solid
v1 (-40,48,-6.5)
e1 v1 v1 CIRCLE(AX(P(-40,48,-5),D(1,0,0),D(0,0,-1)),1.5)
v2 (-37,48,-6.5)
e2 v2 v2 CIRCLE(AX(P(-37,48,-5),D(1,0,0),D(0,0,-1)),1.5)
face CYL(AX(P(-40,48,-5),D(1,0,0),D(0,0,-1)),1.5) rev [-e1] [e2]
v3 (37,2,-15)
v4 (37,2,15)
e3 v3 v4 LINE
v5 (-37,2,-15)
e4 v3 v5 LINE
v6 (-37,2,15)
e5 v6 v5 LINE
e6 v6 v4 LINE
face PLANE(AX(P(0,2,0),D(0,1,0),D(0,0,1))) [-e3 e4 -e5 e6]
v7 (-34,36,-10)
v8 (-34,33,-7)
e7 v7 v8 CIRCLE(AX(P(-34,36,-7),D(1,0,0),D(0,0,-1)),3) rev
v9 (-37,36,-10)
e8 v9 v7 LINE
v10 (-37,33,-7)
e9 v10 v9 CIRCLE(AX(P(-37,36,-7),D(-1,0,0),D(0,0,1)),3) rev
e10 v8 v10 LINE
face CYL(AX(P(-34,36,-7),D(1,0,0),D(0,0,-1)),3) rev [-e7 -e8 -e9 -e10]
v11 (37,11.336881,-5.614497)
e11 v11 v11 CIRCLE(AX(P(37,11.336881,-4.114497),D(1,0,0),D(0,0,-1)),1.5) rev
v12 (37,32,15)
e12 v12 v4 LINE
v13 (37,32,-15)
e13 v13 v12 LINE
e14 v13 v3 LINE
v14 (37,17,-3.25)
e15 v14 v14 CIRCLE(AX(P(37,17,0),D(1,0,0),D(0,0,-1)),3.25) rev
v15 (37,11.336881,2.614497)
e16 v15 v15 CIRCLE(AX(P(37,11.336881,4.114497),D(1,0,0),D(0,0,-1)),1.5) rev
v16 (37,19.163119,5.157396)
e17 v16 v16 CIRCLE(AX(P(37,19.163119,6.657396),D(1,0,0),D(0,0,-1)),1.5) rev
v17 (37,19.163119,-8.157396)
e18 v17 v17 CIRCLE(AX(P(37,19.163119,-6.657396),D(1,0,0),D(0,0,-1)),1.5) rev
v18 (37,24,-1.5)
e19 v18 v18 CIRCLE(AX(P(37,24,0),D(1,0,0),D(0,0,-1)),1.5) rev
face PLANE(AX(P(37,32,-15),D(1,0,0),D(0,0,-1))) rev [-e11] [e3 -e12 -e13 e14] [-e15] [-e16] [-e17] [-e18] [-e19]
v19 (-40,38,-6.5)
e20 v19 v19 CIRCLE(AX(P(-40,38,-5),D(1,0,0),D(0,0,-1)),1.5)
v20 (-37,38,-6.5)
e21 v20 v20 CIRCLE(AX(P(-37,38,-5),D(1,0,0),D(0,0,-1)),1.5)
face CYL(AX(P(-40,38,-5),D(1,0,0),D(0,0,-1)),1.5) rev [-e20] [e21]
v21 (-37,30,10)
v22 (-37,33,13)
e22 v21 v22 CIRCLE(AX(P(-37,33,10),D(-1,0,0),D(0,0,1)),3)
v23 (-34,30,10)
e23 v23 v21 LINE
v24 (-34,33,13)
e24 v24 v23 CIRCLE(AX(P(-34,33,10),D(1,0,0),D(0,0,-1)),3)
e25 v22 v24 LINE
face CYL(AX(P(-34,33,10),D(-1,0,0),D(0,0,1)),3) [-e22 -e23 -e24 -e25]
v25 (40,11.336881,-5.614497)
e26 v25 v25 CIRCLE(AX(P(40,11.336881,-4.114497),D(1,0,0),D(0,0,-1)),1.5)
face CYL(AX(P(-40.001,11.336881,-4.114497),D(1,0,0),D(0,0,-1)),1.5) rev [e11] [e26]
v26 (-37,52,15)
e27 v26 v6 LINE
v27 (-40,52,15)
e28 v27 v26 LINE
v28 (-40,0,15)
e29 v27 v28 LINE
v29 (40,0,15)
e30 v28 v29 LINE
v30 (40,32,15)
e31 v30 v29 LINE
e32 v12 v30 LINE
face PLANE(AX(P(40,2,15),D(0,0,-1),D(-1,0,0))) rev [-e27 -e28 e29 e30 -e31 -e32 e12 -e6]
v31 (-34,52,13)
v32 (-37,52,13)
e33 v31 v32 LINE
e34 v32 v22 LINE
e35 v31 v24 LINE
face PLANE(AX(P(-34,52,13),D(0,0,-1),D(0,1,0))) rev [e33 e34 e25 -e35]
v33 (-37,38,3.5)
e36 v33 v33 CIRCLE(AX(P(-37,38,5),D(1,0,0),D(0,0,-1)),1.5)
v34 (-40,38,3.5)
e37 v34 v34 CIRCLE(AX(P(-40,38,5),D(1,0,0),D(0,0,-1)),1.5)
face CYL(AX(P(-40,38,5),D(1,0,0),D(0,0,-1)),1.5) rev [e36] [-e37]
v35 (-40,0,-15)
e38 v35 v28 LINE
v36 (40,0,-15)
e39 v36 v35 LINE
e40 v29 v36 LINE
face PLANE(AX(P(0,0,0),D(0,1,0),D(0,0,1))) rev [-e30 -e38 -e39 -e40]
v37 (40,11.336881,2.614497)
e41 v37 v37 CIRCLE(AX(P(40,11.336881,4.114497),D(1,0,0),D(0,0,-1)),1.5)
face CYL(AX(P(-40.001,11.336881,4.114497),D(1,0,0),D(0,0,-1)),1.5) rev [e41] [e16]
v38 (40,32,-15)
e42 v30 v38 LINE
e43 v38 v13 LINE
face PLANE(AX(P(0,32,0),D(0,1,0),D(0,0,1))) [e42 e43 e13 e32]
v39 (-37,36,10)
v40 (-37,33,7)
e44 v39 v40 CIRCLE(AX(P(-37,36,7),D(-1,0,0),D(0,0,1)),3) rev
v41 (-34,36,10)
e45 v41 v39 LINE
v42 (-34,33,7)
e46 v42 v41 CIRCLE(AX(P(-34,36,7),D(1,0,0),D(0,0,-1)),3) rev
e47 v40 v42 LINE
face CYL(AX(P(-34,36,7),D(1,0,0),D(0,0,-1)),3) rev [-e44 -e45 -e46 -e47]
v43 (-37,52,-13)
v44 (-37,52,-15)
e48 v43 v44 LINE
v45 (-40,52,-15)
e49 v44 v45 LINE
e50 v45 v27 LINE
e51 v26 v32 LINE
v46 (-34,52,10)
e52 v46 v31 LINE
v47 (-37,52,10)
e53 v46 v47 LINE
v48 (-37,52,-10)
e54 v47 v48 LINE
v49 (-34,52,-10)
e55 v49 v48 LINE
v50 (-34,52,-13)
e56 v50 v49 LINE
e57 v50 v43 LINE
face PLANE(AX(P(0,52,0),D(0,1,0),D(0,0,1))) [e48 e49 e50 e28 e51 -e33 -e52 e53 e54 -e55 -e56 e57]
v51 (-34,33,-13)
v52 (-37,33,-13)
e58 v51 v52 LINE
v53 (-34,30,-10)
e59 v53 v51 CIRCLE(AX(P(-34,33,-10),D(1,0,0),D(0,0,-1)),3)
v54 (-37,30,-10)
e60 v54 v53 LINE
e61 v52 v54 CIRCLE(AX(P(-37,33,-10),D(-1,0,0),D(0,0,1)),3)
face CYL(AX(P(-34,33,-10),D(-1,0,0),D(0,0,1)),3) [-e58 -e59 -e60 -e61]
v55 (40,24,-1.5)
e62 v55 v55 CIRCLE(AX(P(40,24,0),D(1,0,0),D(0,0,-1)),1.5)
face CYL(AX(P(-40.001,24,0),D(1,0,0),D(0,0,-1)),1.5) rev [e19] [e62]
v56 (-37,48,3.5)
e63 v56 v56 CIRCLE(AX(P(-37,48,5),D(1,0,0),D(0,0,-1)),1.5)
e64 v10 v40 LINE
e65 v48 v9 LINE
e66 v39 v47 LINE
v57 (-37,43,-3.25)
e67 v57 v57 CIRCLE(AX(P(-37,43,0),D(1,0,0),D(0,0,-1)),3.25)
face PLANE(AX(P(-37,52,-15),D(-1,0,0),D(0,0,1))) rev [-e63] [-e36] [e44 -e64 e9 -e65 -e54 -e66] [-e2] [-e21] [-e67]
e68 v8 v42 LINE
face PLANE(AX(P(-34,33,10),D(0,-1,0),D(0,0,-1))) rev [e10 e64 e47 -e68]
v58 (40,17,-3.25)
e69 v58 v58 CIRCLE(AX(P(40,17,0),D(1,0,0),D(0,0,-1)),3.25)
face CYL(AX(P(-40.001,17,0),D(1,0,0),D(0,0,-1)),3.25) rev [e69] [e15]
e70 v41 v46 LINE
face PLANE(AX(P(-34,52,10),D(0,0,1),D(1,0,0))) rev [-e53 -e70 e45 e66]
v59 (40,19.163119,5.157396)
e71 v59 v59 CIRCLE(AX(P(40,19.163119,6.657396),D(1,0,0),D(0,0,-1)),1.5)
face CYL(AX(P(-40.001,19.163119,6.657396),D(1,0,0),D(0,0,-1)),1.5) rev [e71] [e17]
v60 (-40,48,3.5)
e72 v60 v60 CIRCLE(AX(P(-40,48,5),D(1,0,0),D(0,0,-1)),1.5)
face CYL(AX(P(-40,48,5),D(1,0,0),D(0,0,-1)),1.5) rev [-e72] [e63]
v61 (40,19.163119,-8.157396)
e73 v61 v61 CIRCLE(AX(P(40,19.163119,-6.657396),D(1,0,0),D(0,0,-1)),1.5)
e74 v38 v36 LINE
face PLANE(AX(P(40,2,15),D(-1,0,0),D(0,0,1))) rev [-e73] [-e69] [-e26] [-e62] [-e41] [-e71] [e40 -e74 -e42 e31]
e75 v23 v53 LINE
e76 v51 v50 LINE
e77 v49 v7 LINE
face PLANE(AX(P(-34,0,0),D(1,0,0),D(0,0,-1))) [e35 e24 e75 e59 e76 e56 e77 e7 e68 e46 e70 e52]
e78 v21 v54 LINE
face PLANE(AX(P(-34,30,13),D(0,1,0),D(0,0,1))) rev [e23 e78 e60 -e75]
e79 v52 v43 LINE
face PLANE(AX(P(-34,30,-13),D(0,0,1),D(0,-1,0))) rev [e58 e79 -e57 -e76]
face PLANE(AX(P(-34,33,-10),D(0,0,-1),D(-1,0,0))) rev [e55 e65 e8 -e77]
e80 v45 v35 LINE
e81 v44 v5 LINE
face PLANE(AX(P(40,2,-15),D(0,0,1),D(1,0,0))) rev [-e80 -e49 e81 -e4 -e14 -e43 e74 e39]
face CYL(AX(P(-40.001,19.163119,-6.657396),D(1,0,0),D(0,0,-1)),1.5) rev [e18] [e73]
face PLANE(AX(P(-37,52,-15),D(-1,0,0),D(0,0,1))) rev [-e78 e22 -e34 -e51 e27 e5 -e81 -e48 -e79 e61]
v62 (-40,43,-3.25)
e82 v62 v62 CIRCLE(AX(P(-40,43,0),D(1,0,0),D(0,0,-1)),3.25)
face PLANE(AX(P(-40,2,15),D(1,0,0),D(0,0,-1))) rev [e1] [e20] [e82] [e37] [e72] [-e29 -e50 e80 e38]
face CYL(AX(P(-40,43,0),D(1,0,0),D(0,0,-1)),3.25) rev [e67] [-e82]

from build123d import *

# Parameters (mm, degrees)
SKETCH1_W            = 80
SKETCH1_H            = 30
CHASSIS_DEPTH        = 2
SKETCH2_W            = 3
SKETCH2_H            = 30
TALLVALVEWALL_DEPTH  = 50
SKETCH3_W            = 3
SKETCH3_H            = 30
SHORTVALVEWALL_DEPTH = 30
SKETCH4_R            = 1.5
SKETCH4_R_2          = 3.25
TALLVALVECUT_DEPTH   = 4
SHORTVALVECUT_REACH  = 82
SKETCH6_R            = 3.25
SKETCH6_R_2          = 1.5
TALLVALVELIP_DEPTH   = 3
LIPROUNDING_R        = 3


with BuildPart() as part:
    # Sketch1 → Chassis (new body)
    with BuildSketch(Plane(origin=(0, 0, 0), x_dir=(1, 0, 0), z_dir=(0, 1, 0))):
        Rectangle(SKETCH1_W, SKETCH1_H)
    extrude(amount=CHASSIS_DEPTH)

    # Sketch2 → TallValveWall (add)
    with BuildSketch(Plane(origin=(0, 2, 0), x_dir=(1, 0, 0), z_dir=(0, 1, 0))):
        with Locations((-38.5, 0)):
            Rectangle(SKETCH2_W, SKETCH2_H)
    extrude(amount=TALLVALVEWALL_DEPTH)

    # Sketch3 → ShortValveWall (add)
    with BuildSketch(Plane(origin=(0, 2, 0), x_dir=(1, 0, 0), z_dir=(0, 1, 0))):
        with Locations((38.5, 0)):
            Rectangle(SKETCH3_W, SKETCH3_H)
    extrude(amount=SHORTVALVEWALL_DEPTH)

    # Sketch4 → TallValveCut (cut, through all)
    with BuildSketch(Plane(origin=(-37, 0, 0), x_dir=(0, 0, -1), z_dir=(1, 0, 0))):
        with Locations((-5, 48)):
            Circle(SKETCH4_R)
        with Locations((5, 48)):
            Circle(SKETCH4_R)
        with Locations((5, 38)):
            Circle(SKETCH4_R)
        with Locations((-5, 38)):
            Circle(SKETCH4_R)
        with Locations((0, 43)):
            Circle(SKETCH4_R_2)
    extrude(amount=-TALLVALVECUT_DEPTH, mode=Mode.SUBTRACT)

    # Sketch6 → ShortValveCut (cut, up to next)
    with BuildSketch(Plane(origin=(40, 0, 0), x_dir=(0, 0, -1), z_dir=(1, 0, 0)), mode=Mode.PRIVATE) as shortvalvecut_sk1:
        with Locations((0, 17)):
            Circle(SKETCH6_R)
    shortvalvecut_tool1 = extrude(shortvalvecut_sk1.sketch, amount=-SHORTVALVECUT_REACH, mode=Mode.PRIVATE) & part.part
    add(shortvalvecut_tool1.solids().sort_by_distance((40, 17, 0))[0], mode=Mode.SUBTRACT)
    # Sketch6 → ShortValveCut (cut, up to next)
    with BuildSketch(Plane(origin=(40, 0, 0), x_dir=(0, 0, -1), z_dir=(1, 0, 0)), mode=Mode.PRIVATE) as shortvalvecut_sk2:
        with Locations((0, 24)):
            Circle(SKETCH6_R_2)
    shortvalvecut_tool2 = extrude(shortvalvecut_sk2.sketch, amount=-SHORTVALVECUT_REACH, mode=Mode.PRIVATE) & part.part
    add(shortvalvecut_tool2.solids().sort_by_distance((40, 24, 0))[0], mode=Mode.SUBTRACT)
    # Sketch6 → ShortValveCut (cut, up to next)
    with BuildSketch(Plane(origin=(40, 0, 0), x_dir=(0, 0, -1), z_dir=(1, 0, 0)), mode=Mode.PRIVATE) as shortvalvecut_sk3:
        with Locations((6.657395614, 19.163118961)):
            Circle(SKETCH6_R_2)
    shortvalvecut_tool3 = extrude(shortvalvecut_sk3.sketch, amount=-SHORTVALVECUT_REACH, mode=Mode.PRIVATE) & part.part
    add(shortvalvecut_tool3.solids().sort_by_distance((40, 19.163119, -6.657396))[0], mode=Mode.SUBTRACT)
    # Sketch6 → ShortValveCut (cut, up to next)
    with BuildSketch(Plane(origin=(40, 0, 0), x_dir=(0, 0, -1), z_dir=(1, 0, 0)), mode=Mode.PRIVATE) as shortvalvecut_sk4:
        with Locations((4.114496766, 11.336881039)):
            Circle(SKETCH6_R_2)
    shortvalvecut_tool4 = extrude(shortvalvecut_sk4.sketch, amount=-SHORTVALVECUT_REACH, mode=Mode.PRIVATE) & part.part
    add(shortvalvecut_tool4.solids().sort_by_distance((40, 11.336881, -4.114497))[0], mode=Mode.SUBTRACT)
    # Sketch6 → ShortValveCut (cut, up to next)
    with BuildSketch(Plane(origin=(40, 0, 0), x_dir=(0, 0, -1), z_dir=(1, 0, 0)), mode=Mode.PRIVATE) as shortvalvecut_sk5:
        with Locations((-4.114496766, 11.336881039)):
            Circle(SKETCH6_R_2)
    shortvalvecut_tool5 = extrude(shortvalvecut_sk5.sketch, amount=-SHORTVALVECUT_REACH, mode=Mode.PRIVATE) & part.part
    add(shortvalvecut_tool5.solids().sort_by_distance((40, 11.336881, 4.114497))[0], mode=Mode.SUBTRACT)
    # Sketch6 → ShortValveCut (cut, up to next)
    with BuildSketch(Plane(origin=(40, 0, 0), x_dir=(0, 0, -1), z_dir=(1, 0, 0)), mode=Mode.PRIVATE) as shortvalvecut_sk6:
        with Locations((-6.657395614, 19.163118961)):
            Circle(SKETCH6_R_2)
    shortvalvecut_tool6 = extrude(shortvalvecut_sk6.sketch, amount=-SHORTVALVECUT_REACH, mode=Mode.PRIVATE) & part.part
    add(shortvalvecut_tool6.solids().sort_by_distance((40, 19.163119, 6.657396))[0], mode=Mode.SUBTRACT)

    # Sketch7 → TallValveLip (add)
    with BuildSketch(Plane(origin=(-37, 0, 0), x_dir=(0, 0, -1), z_dir=(1, 0, 0))):
        Polygon((-13, 52), (-10, 52), (-10, 33), (10, 33), (10, 52), (13, 52), (13, 30), (-13, 30), align=None)
    extrude(amount=TALLVALVELIP_DEPTH)

    # LipRounding
    liprounding_edges = [part.edges().sort_by_distance(p)[0] for p in [
        (-35.5, 30, 13),
        (-35.5, 30, -13),
        (-35.5, 33, -10),
        (-35.5, 33, 10),
    ]]
    fillet(liprounding_edges, radius=LIPROUNDING_R)


solid = part.part
